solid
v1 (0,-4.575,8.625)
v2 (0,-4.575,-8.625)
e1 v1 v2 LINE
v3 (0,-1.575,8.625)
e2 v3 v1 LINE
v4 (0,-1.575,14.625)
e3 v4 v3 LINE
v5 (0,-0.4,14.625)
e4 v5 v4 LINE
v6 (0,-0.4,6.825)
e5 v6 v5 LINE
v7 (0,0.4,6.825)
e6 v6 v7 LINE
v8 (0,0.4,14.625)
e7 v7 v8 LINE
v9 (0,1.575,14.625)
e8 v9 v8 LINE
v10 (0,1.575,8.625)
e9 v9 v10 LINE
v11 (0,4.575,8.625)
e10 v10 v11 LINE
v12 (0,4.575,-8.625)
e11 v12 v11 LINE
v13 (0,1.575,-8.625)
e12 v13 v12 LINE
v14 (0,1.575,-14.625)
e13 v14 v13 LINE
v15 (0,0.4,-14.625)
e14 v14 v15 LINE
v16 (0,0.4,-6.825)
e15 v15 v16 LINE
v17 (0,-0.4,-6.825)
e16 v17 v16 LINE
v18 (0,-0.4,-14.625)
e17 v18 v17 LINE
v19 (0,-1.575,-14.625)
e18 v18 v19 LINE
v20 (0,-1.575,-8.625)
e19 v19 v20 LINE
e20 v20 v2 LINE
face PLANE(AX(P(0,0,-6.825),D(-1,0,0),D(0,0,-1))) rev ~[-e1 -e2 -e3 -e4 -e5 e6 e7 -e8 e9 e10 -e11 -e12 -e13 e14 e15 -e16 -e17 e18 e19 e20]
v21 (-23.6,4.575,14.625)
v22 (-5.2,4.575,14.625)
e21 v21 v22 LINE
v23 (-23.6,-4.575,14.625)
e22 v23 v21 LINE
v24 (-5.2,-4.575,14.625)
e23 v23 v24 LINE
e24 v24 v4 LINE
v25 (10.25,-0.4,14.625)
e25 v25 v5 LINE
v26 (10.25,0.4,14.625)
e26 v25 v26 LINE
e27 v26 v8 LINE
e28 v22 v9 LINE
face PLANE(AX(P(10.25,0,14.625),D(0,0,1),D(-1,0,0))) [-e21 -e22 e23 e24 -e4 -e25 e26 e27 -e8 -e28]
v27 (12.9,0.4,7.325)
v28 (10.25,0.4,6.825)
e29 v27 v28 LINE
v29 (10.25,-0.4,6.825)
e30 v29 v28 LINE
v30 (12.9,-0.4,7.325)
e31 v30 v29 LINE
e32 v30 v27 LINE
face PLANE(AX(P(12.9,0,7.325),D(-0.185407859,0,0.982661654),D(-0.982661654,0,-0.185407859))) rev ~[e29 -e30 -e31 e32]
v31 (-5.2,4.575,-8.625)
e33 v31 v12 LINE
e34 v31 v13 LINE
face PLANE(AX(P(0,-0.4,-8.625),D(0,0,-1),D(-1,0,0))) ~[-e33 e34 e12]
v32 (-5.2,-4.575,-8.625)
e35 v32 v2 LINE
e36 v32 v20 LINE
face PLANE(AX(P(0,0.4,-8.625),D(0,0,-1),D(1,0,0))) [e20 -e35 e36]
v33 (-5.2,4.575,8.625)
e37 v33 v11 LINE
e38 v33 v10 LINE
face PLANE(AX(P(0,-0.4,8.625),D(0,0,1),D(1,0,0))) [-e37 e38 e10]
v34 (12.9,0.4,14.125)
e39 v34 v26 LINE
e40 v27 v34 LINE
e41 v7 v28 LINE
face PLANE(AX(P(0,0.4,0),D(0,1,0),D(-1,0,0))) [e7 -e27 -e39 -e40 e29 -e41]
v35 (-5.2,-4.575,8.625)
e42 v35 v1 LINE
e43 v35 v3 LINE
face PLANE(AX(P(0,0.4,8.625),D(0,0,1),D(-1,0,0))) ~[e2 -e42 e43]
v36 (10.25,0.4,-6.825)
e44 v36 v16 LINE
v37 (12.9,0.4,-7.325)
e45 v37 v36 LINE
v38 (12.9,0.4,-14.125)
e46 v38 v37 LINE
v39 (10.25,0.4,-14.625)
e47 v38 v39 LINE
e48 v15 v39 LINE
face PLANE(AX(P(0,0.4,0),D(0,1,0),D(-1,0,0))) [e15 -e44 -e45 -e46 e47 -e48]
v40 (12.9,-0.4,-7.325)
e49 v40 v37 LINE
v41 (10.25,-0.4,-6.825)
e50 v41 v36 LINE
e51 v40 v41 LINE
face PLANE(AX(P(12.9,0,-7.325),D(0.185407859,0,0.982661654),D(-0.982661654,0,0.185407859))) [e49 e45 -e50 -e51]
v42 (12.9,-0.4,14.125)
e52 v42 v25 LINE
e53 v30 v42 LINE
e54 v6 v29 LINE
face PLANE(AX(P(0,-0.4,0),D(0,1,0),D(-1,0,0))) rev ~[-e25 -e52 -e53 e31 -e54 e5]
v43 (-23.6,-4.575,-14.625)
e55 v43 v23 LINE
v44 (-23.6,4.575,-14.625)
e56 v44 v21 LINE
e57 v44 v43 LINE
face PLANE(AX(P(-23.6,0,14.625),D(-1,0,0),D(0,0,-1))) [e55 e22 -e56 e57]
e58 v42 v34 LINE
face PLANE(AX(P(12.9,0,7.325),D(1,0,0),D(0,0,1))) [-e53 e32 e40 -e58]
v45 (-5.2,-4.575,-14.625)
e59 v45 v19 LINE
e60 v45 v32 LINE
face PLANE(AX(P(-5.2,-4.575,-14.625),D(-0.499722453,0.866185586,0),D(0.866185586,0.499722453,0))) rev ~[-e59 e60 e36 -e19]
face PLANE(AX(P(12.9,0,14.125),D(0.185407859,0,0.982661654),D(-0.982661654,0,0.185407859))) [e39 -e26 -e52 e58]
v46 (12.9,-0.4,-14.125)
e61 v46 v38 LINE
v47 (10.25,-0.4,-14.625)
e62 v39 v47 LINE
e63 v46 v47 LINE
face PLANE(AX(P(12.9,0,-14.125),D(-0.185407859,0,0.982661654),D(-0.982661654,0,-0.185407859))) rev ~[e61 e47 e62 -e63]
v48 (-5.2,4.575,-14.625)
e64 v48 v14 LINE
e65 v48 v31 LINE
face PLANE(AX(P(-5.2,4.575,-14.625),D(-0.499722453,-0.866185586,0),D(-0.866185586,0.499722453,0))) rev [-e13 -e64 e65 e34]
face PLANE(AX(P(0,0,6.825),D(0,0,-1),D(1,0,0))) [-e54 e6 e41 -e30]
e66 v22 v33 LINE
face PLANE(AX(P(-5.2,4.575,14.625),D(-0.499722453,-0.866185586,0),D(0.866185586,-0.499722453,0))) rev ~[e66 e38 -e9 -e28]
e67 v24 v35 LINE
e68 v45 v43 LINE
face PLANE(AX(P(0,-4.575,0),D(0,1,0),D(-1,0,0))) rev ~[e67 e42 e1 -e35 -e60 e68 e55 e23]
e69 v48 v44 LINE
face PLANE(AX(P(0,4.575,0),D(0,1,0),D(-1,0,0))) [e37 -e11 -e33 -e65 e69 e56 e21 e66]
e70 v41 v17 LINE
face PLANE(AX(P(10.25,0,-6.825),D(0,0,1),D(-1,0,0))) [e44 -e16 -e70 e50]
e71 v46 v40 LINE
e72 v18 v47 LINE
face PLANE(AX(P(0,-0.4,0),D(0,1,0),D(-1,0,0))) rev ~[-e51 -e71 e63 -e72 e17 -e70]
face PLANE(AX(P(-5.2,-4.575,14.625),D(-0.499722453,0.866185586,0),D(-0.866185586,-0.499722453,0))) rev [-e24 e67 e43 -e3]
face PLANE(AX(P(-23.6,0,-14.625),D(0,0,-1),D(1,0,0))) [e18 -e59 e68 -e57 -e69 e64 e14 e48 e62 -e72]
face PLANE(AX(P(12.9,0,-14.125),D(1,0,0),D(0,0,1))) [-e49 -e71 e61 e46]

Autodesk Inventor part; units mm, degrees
ref_plane "YZ Plane" through (0, 0, 0) normal (1, 0, 0) x (0, 1, 0)
ref_plane "XZ Plane" through (0, 0, 0) normal (0, 1, 0) x (-1, 0, 0)
ref_plane "XY Plane" through (0, 0, 0) normal (0, 0, 1) x (1, 0, 0)
sketch "Sketch1" plane through (0, 0, 0) normal (0, 1, 0) x (-1, 0, 0)
  line L0 (23.6, 14.625) -> (23.6, -14.625)
  line L1 (23.6, -14.625) -> (-10.25, -14.625)
  line L2 (-12.9, -14.125) -> (-12.9, -7.325)
  line L3 (-10.25, -6.825) -> (0, -6.825)
  line L4 (0, -6.825) -> (0, 6.825)
  line L5 (0, 6.825) -> (-10.25, 6.825)
  line L6 (-12.9, 7.325) -> (-12.9, 14.125)
  line L7 (-10.25, 14.625) -> (23.6, 14.625)
  line L8 (30.9, 0) -> (-20.2, 0) projected
  line L9 (-12.9, 14.125) -> (-10.25, 14.625)
  line L10 (-12.9, 7.325) -> (-10.25, 6.825)
  line L11 (-12.9, -7.325) -> (-10.25, -6.825)
  line L12 (-12.9, -14.125) -> (-10.25, -14.625)
  point P0 (-12.9, 6.825)
  point P1 (-12.9, 14.625)
  dimension "d0" = 29.25
  dimension "d1" = 23.6
  dimension "d2" = 7.8
  dimension "d3" = 12.9
  dimension "d14" = 6.825
  dimension "d15" = 13.65
  dimension "d16" = 6.8
  dimension "d17" = 6.8
  dimension "d18" = 2.65
  dimension "d19" = 2.65
  dimension "d20" = 2.65
  dimension "d21" = 2.65
  dimension "d22" = 0.5
  dimension "d23" = 0.5
extrude "Extrusion1" add sketch "Sketch1" along normal mid plane 0.8
sketch "Sketch2" plane through (0, 0, 0) normal (0, 1, 0) x (-1, 0, 0)
  line L0 (23.6, -14.625) -> (23.6, 14.625) projected
  line L1 (23.6, 14.625) -> (-10.25, 14.625) projected
  line L2 (0, 0) -> (0, -6.825) projected
  line L3 (0, 0) -> (0, 14.625)
  line L4 (0, -6.825) -> (0, -14.625)
  line L5 (-10.25, -14.625) -> (23.6, -14.625) projected
  point P0 (-12.9, 14.625)
extrude "Extrusion2" add sketch "Sketch2" along normal mid plane 9.15
sketch "Sketch3" plane through (0, -0.4, 14.625) normal (0, 0, 1) x (1, 0, 0)
  line L0 (-23.6, 4.975) -> (0, 4.975) projected
  line L1 (0, 0.8) -> (0, 4.975) projected
  line L2 (-5.2, 4.975) -> (0, 1.975)
  point P0 (0, 0.4)
  dimension "d10" = 5.2
  dimension "d11" = 3
extrude "Extrusion3" cut sketch "Sketch3" against normal blind 6
mirror "Mirror1" about plane through (0, 0, 0) normal (0, 0, 1) of "Extrusion3"
mirror "Mirror2" about plane through (0, 0, 0) normal (0, 1, 0) of "Extrusion3", "Mirror1"
equation "\"d14\" = 0.5 * d15"
properties part number "C0-1-01-circuitBreaker"
